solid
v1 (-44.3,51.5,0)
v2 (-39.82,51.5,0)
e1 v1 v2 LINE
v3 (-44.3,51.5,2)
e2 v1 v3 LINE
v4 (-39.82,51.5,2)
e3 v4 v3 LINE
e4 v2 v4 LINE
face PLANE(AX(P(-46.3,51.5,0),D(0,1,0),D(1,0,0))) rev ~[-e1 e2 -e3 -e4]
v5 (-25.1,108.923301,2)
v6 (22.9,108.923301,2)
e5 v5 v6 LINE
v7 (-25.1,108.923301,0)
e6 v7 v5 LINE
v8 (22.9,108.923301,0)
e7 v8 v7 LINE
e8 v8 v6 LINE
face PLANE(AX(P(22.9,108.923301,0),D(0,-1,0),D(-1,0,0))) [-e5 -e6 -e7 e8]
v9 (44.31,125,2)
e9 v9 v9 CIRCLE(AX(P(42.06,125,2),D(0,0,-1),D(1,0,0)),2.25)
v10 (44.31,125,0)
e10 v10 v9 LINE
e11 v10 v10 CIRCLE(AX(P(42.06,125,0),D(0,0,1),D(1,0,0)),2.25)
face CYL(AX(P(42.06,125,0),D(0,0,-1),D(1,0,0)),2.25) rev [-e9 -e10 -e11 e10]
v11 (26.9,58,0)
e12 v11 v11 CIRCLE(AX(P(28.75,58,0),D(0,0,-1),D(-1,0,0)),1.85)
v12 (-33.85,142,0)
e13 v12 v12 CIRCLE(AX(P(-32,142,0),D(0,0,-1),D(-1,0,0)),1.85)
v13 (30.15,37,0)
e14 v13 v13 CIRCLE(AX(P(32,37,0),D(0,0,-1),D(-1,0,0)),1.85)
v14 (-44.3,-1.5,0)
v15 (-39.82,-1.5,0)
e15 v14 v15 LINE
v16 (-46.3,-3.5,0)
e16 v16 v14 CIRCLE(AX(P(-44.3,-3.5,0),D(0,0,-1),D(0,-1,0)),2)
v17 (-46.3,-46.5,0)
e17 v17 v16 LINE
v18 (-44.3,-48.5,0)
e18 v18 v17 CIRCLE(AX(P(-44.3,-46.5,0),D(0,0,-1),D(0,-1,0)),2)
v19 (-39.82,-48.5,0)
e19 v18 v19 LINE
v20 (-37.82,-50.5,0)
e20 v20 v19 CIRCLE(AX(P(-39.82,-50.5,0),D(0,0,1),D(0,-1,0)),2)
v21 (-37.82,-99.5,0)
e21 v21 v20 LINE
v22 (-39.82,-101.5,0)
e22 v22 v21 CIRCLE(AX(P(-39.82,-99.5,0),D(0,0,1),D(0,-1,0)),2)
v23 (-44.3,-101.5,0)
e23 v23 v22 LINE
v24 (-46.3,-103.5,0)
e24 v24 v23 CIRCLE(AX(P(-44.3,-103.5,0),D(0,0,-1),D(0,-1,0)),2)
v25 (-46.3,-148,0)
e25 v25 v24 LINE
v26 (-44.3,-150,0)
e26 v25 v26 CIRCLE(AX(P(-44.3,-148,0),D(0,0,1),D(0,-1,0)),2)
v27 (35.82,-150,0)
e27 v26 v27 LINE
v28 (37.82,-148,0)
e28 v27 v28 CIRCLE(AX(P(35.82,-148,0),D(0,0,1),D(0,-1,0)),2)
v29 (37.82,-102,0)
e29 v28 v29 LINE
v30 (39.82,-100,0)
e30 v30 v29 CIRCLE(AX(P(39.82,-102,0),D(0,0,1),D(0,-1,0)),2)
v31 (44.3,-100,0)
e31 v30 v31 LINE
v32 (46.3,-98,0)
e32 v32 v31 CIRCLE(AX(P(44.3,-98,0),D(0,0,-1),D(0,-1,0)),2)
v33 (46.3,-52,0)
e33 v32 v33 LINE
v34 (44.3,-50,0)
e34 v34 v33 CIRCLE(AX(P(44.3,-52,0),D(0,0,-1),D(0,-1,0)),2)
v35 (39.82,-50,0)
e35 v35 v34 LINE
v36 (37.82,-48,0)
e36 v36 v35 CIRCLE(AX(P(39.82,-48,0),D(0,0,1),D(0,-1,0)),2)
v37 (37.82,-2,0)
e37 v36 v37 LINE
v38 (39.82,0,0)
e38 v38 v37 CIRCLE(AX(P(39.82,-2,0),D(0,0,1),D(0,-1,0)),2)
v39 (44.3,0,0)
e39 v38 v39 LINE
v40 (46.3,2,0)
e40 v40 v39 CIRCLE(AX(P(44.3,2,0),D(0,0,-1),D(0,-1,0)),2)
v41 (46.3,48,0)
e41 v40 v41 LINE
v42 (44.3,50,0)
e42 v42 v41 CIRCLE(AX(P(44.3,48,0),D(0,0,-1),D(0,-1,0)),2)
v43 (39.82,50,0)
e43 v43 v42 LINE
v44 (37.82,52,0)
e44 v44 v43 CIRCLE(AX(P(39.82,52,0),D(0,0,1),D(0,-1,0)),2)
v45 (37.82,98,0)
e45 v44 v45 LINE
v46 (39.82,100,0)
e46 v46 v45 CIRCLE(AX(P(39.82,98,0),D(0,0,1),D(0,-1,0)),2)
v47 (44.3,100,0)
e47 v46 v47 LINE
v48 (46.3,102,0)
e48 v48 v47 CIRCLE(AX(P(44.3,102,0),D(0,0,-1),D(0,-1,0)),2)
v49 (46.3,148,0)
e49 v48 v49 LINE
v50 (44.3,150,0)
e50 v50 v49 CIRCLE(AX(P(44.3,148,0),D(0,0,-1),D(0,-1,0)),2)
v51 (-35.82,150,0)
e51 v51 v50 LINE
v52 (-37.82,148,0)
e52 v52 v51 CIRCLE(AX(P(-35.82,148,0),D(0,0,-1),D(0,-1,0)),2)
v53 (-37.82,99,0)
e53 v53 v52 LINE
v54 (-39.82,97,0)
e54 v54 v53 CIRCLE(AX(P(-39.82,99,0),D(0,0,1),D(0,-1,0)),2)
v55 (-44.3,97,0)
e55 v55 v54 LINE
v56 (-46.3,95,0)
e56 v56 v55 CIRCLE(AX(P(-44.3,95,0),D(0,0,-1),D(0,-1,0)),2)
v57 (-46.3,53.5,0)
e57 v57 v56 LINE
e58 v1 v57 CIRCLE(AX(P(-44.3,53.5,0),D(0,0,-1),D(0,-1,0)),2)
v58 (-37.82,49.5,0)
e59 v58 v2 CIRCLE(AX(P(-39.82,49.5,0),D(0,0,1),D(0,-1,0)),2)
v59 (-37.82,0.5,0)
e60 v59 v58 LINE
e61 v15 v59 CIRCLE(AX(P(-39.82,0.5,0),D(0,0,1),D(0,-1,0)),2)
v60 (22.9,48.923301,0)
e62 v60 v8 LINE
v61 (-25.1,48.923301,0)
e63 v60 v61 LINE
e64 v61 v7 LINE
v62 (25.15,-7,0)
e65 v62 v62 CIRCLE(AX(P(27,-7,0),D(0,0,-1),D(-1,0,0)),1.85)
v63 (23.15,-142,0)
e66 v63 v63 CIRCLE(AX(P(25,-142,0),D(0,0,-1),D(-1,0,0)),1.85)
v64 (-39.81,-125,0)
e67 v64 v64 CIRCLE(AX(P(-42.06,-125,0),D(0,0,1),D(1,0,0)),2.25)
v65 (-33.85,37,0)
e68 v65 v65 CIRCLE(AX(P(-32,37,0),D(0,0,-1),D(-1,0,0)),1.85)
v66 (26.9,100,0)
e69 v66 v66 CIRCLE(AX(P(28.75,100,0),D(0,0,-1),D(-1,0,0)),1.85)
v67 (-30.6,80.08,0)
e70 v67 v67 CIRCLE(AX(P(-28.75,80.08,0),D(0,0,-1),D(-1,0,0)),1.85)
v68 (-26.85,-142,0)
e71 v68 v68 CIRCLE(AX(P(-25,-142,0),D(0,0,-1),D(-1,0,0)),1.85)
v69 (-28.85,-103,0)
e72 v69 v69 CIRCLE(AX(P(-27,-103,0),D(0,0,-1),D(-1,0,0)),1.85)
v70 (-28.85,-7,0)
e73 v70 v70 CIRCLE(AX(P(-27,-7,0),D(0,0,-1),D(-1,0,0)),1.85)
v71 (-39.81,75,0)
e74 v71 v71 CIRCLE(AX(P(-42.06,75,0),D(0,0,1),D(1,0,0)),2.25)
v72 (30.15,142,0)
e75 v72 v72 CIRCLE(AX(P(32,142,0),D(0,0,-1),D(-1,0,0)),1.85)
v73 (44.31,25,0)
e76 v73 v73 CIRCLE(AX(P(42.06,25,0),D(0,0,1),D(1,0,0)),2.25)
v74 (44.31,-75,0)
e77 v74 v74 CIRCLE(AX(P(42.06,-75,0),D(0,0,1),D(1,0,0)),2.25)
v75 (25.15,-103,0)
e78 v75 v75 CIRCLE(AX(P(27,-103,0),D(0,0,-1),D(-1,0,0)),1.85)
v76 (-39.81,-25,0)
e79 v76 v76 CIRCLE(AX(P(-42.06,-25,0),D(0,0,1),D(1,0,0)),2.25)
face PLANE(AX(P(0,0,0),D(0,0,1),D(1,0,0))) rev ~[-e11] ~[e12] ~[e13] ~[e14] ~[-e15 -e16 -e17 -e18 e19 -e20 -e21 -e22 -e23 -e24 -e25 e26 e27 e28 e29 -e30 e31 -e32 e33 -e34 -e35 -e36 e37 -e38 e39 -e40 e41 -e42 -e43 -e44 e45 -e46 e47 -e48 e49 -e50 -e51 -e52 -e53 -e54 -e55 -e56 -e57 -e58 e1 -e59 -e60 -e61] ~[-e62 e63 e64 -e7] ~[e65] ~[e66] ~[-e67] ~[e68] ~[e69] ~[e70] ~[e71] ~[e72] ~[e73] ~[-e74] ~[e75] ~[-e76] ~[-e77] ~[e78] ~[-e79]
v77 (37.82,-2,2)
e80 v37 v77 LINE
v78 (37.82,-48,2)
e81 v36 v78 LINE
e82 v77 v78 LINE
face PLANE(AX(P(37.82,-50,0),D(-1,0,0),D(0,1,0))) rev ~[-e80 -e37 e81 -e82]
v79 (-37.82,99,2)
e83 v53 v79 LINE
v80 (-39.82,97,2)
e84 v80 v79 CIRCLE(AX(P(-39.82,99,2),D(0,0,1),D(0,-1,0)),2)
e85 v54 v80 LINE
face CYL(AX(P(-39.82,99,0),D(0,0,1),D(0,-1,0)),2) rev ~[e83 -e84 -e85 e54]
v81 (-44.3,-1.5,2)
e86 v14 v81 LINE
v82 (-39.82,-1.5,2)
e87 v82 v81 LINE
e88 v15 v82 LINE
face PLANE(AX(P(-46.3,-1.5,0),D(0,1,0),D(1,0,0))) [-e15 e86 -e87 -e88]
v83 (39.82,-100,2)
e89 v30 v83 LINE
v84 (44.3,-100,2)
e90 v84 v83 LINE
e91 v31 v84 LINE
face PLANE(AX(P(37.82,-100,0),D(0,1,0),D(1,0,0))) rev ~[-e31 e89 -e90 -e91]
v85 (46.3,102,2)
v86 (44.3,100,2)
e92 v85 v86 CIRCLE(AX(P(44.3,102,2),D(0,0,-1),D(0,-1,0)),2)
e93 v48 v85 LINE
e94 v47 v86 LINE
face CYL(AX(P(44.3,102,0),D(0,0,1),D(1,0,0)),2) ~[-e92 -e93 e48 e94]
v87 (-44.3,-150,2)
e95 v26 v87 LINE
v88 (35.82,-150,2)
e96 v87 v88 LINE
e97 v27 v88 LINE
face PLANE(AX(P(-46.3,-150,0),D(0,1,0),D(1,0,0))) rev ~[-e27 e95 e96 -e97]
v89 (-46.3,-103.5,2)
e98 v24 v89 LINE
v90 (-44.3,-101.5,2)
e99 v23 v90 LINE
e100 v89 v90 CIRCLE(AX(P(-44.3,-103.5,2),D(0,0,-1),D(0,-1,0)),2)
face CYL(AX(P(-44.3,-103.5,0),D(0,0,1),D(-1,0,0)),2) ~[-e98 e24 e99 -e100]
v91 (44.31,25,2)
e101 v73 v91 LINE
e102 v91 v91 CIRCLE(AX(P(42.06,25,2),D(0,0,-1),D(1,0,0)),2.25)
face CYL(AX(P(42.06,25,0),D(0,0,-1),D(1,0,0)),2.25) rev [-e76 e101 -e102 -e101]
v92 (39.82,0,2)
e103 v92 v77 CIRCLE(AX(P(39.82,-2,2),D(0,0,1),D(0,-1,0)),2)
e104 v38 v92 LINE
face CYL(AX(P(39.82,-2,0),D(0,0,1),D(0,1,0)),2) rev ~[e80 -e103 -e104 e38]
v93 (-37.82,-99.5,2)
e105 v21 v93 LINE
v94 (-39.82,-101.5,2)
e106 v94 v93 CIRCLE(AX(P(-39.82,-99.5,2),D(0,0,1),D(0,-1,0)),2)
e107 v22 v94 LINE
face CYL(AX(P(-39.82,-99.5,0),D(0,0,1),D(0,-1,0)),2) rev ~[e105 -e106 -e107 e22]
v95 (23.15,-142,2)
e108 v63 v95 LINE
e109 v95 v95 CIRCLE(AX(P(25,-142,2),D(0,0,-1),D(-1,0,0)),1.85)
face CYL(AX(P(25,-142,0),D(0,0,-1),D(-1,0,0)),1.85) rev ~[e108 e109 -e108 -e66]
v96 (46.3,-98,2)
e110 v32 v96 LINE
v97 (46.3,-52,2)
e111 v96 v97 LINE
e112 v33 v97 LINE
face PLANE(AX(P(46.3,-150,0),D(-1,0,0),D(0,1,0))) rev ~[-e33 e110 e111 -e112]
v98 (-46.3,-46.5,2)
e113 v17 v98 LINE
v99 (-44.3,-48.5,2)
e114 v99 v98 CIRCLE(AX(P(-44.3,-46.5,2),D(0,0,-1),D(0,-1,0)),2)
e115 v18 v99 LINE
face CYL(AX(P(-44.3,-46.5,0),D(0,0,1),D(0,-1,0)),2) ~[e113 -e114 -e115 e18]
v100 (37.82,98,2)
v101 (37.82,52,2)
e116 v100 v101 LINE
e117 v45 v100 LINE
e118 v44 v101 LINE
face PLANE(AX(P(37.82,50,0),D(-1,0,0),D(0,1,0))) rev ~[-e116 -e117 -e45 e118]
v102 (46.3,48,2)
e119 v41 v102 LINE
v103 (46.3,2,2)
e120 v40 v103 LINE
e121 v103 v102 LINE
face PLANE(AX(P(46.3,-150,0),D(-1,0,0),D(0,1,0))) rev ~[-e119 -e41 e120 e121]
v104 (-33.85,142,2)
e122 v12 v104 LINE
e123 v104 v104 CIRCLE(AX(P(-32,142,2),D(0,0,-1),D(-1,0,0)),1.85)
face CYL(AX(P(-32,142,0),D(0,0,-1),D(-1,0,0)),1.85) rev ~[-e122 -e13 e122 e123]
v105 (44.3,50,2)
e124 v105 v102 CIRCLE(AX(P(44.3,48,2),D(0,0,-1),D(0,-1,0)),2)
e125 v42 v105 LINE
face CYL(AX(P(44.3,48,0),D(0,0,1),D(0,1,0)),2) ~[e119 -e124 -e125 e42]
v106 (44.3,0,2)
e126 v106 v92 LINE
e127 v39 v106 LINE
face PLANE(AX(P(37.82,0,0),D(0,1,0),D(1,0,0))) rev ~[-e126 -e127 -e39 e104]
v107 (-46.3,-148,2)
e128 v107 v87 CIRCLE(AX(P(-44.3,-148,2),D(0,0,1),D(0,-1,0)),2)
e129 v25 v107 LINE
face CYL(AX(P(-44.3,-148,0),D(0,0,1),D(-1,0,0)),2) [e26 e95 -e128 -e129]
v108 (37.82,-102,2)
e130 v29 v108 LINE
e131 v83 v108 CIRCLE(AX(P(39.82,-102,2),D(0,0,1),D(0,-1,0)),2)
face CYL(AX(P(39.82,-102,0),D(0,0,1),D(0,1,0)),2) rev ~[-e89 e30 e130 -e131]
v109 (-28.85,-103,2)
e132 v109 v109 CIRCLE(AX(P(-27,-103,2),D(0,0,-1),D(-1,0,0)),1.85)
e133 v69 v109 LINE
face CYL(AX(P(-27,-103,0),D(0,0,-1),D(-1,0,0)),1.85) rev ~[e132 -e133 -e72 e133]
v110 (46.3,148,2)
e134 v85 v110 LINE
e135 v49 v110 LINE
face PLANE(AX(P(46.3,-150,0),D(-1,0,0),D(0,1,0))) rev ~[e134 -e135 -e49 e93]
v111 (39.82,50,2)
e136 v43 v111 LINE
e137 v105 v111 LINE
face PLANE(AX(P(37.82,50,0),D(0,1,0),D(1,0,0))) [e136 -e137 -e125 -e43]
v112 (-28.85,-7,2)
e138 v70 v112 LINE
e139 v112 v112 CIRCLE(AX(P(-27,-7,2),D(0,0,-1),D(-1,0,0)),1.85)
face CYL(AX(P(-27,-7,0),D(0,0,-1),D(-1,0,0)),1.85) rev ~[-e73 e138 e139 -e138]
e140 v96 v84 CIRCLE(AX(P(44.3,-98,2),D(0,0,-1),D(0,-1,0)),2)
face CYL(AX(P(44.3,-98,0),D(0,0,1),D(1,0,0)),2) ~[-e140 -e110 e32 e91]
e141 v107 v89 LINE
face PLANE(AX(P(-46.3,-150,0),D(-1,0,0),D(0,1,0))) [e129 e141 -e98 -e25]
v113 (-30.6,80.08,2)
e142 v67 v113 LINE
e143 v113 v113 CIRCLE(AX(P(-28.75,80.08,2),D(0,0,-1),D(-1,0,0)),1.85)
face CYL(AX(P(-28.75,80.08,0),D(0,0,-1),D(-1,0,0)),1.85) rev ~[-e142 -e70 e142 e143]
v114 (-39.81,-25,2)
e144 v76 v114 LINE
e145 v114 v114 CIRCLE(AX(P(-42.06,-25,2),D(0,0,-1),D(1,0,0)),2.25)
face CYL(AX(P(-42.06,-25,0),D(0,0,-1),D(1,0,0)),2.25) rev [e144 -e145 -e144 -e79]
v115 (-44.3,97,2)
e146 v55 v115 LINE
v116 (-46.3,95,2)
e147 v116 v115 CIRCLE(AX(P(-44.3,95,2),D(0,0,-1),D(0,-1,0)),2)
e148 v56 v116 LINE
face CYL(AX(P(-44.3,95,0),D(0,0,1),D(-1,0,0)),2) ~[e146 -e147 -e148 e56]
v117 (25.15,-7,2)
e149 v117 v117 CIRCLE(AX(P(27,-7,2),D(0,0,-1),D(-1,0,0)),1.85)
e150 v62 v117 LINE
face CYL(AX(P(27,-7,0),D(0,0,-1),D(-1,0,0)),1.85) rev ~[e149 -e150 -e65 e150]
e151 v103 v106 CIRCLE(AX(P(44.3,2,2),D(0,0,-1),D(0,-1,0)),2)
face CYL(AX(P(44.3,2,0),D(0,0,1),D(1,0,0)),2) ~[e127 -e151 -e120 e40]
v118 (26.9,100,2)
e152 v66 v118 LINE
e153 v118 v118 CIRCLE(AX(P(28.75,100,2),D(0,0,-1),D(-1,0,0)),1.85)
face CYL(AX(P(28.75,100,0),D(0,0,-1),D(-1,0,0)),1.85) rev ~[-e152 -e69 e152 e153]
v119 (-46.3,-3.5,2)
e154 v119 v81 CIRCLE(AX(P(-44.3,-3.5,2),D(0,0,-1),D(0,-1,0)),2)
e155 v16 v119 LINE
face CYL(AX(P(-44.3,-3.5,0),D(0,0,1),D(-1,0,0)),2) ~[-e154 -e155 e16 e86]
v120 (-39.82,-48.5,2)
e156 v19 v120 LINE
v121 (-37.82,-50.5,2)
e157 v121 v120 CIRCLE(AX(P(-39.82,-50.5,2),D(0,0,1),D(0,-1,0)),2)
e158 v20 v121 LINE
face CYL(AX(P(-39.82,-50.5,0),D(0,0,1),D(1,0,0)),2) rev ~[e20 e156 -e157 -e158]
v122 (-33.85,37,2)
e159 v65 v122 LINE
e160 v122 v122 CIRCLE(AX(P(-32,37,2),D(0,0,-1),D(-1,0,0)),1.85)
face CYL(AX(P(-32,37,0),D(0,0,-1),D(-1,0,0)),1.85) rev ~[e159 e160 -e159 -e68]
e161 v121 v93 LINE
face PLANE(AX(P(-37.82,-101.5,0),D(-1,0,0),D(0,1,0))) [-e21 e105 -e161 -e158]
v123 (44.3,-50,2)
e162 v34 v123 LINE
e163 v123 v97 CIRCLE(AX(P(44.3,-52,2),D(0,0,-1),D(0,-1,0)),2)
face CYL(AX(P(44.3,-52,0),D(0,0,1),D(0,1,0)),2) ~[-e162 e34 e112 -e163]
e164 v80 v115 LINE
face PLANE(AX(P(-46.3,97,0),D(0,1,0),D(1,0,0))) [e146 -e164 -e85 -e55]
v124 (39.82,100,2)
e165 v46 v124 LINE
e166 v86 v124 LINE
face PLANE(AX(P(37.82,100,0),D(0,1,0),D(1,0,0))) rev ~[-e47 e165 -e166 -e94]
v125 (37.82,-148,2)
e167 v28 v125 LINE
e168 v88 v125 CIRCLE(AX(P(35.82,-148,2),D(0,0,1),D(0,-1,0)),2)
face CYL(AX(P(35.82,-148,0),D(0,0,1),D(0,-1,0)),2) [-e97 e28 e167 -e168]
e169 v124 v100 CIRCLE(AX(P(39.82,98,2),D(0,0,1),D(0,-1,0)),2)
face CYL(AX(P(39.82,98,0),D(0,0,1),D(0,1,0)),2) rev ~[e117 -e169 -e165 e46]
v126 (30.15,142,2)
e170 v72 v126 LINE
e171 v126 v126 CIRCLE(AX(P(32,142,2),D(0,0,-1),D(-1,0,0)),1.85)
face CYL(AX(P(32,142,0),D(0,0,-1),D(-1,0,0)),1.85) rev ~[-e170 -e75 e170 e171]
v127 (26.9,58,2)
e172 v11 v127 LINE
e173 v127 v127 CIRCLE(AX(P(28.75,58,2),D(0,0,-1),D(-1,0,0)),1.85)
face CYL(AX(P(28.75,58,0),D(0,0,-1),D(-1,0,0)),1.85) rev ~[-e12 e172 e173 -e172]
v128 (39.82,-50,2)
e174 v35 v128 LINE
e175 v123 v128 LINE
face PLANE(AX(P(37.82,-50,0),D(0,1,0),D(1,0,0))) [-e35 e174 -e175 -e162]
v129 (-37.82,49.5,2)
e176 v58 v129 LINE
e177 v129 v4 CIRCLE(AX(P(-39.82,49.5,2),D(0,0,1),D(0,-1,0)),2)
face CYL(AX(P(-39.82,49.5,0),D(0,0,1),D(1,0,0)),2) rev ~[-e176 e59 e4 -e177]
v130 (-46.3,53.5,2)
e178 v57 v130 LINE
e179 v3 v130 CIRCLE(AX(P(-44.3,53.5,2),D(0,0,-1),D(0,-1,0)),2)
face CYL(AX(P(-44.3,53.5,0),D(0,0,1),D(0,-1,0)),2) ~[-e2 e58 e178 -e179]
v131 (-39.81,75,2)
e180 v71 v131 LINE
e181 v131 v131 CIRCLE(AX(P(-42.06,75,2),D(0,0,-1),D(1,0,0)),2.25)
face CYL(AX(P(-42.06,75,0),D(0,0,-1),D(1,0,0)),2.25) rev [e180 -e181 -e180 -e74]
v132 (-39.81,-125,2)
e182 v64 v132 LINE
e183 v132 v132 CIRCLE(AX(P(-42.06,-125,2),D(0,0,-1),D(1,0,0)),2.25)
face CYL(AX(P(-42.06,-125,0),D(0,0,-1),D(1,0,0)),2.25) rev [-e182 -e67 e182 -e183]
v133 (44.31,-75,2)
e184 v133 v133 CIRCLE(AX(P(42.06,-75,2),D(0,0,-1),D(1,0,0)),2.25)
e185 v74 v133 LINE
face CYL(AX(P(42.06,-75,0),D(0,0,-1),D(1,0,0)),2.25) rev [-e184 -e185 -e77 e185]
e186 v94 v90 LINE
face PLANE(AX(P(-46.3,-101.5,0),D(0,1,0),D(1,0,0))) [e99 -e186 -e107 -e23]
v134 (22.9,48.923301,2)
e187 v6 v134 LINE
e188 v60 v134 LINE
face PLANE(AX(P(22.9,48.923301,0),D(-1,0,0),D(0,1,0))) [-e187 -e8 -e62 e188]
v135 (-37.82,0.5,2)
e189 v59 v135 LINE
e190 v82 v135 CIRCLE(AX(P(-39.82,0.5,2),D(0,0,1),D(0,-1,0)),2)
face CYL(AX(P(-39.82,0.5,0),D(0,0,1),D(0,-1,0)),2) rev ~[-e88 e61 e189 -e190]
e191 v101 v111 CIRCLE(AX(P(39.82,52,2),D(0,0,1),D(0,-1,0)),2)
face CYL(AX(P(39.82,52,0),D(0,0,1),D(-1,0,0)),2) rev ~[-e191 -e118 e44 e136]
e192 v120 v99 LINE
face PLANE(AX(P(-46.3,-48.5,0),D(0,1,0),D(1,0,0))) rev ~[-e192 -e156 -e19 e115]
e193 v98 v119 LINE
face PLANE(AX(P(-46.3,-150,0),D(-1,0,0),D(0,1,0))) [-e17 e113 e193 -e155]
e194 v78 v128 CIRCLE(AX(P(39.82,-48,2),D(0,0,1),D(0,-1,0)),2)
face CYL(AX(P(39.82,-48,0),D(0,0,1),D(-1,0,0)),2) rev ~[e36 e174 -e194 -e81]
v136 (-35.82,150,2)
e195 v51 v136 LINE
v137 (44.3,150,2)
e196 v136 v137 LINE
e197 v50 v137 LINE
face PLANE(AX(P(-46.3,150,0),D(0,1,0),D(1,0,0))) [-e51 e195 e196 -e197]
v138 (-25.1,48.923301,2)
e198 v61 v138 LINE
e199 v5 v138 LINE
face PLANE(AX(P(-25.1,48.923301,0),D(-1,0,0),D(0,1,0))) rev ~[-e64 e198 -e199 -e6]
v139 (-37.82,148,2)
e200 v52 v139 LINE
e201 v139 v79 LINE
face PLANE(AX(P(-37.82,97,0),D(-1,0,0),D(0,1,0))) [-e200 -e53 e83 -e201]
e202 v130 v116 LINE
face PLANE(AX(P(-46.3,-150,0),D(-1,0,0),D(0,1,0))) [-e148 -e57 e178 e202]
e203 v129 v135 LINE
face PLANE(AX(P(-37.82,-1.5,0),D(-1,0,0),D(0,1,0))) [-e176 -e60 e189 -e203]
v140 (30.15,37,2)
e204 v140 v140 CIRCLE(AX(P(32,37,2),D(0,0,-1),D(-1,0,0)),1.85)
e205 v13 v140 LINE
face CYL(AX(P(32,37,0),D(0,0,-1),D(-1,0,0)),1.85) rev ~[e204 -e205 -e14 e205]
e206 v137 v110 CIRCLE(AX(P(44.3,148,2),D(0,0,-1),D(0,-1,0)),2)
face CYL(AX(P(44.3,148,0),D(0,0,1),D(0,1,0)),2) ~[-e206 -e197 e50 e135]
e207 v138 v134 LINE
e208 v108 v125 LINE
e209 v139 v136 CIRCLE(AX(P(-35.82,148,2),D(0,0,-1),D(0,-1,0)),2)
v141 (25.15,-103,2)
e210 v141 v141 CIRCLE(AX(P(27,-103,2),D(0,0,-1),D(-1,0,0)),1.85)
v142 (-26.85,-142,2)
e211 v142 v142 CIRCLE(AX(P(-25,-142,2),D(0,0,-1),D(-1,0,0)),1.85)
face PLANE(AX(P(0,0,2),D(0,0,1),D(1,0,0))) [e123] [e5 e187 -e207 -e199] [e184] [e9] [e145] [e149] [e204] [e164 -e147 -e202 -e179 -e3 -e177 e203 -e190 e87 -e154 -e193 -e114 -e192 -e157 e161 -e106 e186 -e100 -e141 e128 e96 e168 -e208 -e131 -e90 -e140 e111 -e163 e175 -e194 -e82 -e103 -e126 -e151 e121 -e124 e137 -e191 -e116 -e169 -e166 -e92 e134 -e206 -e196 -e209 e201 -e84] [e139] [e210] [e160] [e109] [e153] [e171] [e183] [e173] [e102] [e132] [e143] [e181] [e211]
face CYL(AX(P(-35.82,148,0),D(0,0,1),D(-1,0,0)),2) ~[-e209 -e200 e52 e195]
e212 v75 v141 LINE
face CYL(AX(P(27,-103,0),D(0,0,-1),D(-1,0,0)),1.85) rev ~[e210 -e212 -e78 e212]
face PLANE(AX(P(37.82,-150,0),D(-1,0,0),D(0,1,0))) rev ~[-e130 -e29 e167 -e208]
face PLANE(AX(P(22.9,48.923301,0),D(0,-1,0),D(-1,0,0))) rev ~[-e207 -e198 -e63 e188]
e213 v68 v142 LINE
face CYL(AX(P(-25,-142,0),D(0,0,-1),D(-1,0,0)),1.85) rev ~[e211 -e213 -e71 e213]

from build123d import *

# Parameters (mm, degrees)
SKETCH1_W           = 92.6
SKETCH1_H           = 300
BOSS_EXTRUDE1_DEPTH = 2
SKETCH2_R           = 2.25
SKETCH2_W           = 8.48
SKETCH2_H           = 53
SKETCH2_H_2         = 50
CUT_EXTRUDE5_DEPTH  = 10
FILLET3_R           = 2
SKETCH4_R           = 1.85
CUT_EXTRUDE6_DEPTH  = 10
SKETCH5_R           = 1.85
CUT_EXTRUDE7_DEPTH  = 5
SKETCH6_W           = 48
SKETCH6_H           = 60
CUT_EXTRUDE8_DEPTH  = 10


with BuildPart() as part:
    # Sketch1 → Boss-Extrude1 (new body)
    with BuildSketch(Plane.XY):
        Rectangle(SKETCH1_W, SKETCH1_H)
    extrude(amount=BOSS_EXTRUDE1_DEPTH)

    # Sketch2 → Cut-Extrude5 (cut)
    with BuildSketch(Plane.XY):
        with Locations((-42.06, 75)):
            Circle(SKETCH2_R)
        with Locations((42.06, 125)):
            Circle(SKETCH2_R)
        with Locations((42.06, 25)):
            Circle(SKETCH2_R)
        with Locations((42.06, -75)):
            Circle(SKETCH2_R)
        with Locations((-42.06, -25)):
            Circle(SKETCH2_R)
        with Locations((-42.06, -125)):
            Circle(SKETCH2_R)
        with Locations((-42.06, 123.5)):
            Rectangle(SKETCH2_W, SKETCH2_H)
        with Locations((42.06, 75)):
            Rectangle(SKETCH2_W, SKETCH2_H_2)
        with Locations((42.06, -25)):
            Rectangle(SKETCH2_W, SKETCH2_H_2)
        with Locations((-42.06, 25)):
            Rectangle(SKETCH2_W, SKETCH2_H)
        with Locations((-42.06, -75)):
            Rectangle(SKETCH2_W, SKETCH2_H)
        with Locations((42.06, -125)):
            Rectangle(SKETCH2_W, SKETCH2_H_2)
    extrude(amount=CUT_EXTRUDE5_DEPTH, mode=Mode.SUBTRACT)

    # Fillet3
    fillet3_edges = [part.edges().sort_by_distance(p)[0] for p in [
        (46.3, -100, 1),
        (37.82, -100, 1),
        (37.82, -150, 1),
        (46.3, 50, 1),
        (46.3, 100, 1),
        (37.82, 100, 1),
        (37.82, 50, 1),
        (-46.3, -48.5, 1),
        (-46.3, -101.5, 1),
        (-37.82, -101.5, 1),
        (-37.82, -48.5, 1),
        (37.82, 0, 1),
        (37.82, -50, 1),
        (46.3, -50, 1),
        (46.3, 0, 1),
        (46.3, 150, 1),
        (-46.3, -150, 1),
        (-46.3, 51.5, 1),
        (-46.3, -1.5, 1),
        (-37.82, -1.5, 1),
        (-37.82, 51.5, 1),
        (-46.3, 97, 1),
        (-37.82, 97, 1),
        (-37.82, 150, 1),
    ]]
    fillet(fillet3_edges, radius=FILLET3_R)

    # Sketch4 → Cut-Extrude6 (cut)
    with BuildSketch(Plane(origin=(0, 0, 0), x_dir=(-1, 0, 0), z_dir=(0, 0, -1))):
        with Locations((-25, -142)):
            Circle(SKETCH4_R)
        with Locations((25, -142)):
            Circle(SKETCH4_R)
        with Locations((32, 142)):
            Circle(SKETCH4_R)
        with Locations((-32, 142)):
            Circle(SKETCH4_R)
    extrude(amount=-CUT_EXTRUDE6_DEPTH, mode=Mode.SUBTRACT)

    # Sketch5 → Cut-Extrude7 (cut)
    with BuildSketch(Plane(origin=(0, 0, 0), x_dir=(-1, 0, 0), z_dir=(0, 0, -1))):
        with Locations((-27, -103)):
            Circle(SKETCH5_R)
        with Locations((27, -103)):
            Circle(SKETCH5_R)
        with Locations((-27, -7)):
            Circle(SKETCH5_R)
        with Locations((27, -7)):
            Circle(SKETCH5_R)
        with Locations((-32, 37)):
            Circle(SKETCH5_R)
        with Locations((32, 37)):
            Circle(SKETCH5_R)
        with Locations((-28.75, 58)):
            Circle(SKETCH5_R)
        with Locations((28.75, 80.08)):
            Circle(SKETCH5_R)
        with Locations((-28.75, 100)):
            Circle(SKETCH5_R)
    extrude(amount=-CUT_EXTRUDE7_DEPTH, mode=Mode.SUBTRACT)

    # Sketch6 → Cut-Extrude8 (cut)
    with BuildSketch(Plane(origin=(0, 0, 0), x_dir=(-1, 0, 0), z_dir=(0, 0, -1))):
        with Locations((1.1, 78.923300873)):
            Rectangle(SKETCH6_W, SKETCH6_H)
    extrude(amount=-CUT_EXTRUDE8_DEPTH, mode=Mode.SUBTRACT)


solid = part.part
